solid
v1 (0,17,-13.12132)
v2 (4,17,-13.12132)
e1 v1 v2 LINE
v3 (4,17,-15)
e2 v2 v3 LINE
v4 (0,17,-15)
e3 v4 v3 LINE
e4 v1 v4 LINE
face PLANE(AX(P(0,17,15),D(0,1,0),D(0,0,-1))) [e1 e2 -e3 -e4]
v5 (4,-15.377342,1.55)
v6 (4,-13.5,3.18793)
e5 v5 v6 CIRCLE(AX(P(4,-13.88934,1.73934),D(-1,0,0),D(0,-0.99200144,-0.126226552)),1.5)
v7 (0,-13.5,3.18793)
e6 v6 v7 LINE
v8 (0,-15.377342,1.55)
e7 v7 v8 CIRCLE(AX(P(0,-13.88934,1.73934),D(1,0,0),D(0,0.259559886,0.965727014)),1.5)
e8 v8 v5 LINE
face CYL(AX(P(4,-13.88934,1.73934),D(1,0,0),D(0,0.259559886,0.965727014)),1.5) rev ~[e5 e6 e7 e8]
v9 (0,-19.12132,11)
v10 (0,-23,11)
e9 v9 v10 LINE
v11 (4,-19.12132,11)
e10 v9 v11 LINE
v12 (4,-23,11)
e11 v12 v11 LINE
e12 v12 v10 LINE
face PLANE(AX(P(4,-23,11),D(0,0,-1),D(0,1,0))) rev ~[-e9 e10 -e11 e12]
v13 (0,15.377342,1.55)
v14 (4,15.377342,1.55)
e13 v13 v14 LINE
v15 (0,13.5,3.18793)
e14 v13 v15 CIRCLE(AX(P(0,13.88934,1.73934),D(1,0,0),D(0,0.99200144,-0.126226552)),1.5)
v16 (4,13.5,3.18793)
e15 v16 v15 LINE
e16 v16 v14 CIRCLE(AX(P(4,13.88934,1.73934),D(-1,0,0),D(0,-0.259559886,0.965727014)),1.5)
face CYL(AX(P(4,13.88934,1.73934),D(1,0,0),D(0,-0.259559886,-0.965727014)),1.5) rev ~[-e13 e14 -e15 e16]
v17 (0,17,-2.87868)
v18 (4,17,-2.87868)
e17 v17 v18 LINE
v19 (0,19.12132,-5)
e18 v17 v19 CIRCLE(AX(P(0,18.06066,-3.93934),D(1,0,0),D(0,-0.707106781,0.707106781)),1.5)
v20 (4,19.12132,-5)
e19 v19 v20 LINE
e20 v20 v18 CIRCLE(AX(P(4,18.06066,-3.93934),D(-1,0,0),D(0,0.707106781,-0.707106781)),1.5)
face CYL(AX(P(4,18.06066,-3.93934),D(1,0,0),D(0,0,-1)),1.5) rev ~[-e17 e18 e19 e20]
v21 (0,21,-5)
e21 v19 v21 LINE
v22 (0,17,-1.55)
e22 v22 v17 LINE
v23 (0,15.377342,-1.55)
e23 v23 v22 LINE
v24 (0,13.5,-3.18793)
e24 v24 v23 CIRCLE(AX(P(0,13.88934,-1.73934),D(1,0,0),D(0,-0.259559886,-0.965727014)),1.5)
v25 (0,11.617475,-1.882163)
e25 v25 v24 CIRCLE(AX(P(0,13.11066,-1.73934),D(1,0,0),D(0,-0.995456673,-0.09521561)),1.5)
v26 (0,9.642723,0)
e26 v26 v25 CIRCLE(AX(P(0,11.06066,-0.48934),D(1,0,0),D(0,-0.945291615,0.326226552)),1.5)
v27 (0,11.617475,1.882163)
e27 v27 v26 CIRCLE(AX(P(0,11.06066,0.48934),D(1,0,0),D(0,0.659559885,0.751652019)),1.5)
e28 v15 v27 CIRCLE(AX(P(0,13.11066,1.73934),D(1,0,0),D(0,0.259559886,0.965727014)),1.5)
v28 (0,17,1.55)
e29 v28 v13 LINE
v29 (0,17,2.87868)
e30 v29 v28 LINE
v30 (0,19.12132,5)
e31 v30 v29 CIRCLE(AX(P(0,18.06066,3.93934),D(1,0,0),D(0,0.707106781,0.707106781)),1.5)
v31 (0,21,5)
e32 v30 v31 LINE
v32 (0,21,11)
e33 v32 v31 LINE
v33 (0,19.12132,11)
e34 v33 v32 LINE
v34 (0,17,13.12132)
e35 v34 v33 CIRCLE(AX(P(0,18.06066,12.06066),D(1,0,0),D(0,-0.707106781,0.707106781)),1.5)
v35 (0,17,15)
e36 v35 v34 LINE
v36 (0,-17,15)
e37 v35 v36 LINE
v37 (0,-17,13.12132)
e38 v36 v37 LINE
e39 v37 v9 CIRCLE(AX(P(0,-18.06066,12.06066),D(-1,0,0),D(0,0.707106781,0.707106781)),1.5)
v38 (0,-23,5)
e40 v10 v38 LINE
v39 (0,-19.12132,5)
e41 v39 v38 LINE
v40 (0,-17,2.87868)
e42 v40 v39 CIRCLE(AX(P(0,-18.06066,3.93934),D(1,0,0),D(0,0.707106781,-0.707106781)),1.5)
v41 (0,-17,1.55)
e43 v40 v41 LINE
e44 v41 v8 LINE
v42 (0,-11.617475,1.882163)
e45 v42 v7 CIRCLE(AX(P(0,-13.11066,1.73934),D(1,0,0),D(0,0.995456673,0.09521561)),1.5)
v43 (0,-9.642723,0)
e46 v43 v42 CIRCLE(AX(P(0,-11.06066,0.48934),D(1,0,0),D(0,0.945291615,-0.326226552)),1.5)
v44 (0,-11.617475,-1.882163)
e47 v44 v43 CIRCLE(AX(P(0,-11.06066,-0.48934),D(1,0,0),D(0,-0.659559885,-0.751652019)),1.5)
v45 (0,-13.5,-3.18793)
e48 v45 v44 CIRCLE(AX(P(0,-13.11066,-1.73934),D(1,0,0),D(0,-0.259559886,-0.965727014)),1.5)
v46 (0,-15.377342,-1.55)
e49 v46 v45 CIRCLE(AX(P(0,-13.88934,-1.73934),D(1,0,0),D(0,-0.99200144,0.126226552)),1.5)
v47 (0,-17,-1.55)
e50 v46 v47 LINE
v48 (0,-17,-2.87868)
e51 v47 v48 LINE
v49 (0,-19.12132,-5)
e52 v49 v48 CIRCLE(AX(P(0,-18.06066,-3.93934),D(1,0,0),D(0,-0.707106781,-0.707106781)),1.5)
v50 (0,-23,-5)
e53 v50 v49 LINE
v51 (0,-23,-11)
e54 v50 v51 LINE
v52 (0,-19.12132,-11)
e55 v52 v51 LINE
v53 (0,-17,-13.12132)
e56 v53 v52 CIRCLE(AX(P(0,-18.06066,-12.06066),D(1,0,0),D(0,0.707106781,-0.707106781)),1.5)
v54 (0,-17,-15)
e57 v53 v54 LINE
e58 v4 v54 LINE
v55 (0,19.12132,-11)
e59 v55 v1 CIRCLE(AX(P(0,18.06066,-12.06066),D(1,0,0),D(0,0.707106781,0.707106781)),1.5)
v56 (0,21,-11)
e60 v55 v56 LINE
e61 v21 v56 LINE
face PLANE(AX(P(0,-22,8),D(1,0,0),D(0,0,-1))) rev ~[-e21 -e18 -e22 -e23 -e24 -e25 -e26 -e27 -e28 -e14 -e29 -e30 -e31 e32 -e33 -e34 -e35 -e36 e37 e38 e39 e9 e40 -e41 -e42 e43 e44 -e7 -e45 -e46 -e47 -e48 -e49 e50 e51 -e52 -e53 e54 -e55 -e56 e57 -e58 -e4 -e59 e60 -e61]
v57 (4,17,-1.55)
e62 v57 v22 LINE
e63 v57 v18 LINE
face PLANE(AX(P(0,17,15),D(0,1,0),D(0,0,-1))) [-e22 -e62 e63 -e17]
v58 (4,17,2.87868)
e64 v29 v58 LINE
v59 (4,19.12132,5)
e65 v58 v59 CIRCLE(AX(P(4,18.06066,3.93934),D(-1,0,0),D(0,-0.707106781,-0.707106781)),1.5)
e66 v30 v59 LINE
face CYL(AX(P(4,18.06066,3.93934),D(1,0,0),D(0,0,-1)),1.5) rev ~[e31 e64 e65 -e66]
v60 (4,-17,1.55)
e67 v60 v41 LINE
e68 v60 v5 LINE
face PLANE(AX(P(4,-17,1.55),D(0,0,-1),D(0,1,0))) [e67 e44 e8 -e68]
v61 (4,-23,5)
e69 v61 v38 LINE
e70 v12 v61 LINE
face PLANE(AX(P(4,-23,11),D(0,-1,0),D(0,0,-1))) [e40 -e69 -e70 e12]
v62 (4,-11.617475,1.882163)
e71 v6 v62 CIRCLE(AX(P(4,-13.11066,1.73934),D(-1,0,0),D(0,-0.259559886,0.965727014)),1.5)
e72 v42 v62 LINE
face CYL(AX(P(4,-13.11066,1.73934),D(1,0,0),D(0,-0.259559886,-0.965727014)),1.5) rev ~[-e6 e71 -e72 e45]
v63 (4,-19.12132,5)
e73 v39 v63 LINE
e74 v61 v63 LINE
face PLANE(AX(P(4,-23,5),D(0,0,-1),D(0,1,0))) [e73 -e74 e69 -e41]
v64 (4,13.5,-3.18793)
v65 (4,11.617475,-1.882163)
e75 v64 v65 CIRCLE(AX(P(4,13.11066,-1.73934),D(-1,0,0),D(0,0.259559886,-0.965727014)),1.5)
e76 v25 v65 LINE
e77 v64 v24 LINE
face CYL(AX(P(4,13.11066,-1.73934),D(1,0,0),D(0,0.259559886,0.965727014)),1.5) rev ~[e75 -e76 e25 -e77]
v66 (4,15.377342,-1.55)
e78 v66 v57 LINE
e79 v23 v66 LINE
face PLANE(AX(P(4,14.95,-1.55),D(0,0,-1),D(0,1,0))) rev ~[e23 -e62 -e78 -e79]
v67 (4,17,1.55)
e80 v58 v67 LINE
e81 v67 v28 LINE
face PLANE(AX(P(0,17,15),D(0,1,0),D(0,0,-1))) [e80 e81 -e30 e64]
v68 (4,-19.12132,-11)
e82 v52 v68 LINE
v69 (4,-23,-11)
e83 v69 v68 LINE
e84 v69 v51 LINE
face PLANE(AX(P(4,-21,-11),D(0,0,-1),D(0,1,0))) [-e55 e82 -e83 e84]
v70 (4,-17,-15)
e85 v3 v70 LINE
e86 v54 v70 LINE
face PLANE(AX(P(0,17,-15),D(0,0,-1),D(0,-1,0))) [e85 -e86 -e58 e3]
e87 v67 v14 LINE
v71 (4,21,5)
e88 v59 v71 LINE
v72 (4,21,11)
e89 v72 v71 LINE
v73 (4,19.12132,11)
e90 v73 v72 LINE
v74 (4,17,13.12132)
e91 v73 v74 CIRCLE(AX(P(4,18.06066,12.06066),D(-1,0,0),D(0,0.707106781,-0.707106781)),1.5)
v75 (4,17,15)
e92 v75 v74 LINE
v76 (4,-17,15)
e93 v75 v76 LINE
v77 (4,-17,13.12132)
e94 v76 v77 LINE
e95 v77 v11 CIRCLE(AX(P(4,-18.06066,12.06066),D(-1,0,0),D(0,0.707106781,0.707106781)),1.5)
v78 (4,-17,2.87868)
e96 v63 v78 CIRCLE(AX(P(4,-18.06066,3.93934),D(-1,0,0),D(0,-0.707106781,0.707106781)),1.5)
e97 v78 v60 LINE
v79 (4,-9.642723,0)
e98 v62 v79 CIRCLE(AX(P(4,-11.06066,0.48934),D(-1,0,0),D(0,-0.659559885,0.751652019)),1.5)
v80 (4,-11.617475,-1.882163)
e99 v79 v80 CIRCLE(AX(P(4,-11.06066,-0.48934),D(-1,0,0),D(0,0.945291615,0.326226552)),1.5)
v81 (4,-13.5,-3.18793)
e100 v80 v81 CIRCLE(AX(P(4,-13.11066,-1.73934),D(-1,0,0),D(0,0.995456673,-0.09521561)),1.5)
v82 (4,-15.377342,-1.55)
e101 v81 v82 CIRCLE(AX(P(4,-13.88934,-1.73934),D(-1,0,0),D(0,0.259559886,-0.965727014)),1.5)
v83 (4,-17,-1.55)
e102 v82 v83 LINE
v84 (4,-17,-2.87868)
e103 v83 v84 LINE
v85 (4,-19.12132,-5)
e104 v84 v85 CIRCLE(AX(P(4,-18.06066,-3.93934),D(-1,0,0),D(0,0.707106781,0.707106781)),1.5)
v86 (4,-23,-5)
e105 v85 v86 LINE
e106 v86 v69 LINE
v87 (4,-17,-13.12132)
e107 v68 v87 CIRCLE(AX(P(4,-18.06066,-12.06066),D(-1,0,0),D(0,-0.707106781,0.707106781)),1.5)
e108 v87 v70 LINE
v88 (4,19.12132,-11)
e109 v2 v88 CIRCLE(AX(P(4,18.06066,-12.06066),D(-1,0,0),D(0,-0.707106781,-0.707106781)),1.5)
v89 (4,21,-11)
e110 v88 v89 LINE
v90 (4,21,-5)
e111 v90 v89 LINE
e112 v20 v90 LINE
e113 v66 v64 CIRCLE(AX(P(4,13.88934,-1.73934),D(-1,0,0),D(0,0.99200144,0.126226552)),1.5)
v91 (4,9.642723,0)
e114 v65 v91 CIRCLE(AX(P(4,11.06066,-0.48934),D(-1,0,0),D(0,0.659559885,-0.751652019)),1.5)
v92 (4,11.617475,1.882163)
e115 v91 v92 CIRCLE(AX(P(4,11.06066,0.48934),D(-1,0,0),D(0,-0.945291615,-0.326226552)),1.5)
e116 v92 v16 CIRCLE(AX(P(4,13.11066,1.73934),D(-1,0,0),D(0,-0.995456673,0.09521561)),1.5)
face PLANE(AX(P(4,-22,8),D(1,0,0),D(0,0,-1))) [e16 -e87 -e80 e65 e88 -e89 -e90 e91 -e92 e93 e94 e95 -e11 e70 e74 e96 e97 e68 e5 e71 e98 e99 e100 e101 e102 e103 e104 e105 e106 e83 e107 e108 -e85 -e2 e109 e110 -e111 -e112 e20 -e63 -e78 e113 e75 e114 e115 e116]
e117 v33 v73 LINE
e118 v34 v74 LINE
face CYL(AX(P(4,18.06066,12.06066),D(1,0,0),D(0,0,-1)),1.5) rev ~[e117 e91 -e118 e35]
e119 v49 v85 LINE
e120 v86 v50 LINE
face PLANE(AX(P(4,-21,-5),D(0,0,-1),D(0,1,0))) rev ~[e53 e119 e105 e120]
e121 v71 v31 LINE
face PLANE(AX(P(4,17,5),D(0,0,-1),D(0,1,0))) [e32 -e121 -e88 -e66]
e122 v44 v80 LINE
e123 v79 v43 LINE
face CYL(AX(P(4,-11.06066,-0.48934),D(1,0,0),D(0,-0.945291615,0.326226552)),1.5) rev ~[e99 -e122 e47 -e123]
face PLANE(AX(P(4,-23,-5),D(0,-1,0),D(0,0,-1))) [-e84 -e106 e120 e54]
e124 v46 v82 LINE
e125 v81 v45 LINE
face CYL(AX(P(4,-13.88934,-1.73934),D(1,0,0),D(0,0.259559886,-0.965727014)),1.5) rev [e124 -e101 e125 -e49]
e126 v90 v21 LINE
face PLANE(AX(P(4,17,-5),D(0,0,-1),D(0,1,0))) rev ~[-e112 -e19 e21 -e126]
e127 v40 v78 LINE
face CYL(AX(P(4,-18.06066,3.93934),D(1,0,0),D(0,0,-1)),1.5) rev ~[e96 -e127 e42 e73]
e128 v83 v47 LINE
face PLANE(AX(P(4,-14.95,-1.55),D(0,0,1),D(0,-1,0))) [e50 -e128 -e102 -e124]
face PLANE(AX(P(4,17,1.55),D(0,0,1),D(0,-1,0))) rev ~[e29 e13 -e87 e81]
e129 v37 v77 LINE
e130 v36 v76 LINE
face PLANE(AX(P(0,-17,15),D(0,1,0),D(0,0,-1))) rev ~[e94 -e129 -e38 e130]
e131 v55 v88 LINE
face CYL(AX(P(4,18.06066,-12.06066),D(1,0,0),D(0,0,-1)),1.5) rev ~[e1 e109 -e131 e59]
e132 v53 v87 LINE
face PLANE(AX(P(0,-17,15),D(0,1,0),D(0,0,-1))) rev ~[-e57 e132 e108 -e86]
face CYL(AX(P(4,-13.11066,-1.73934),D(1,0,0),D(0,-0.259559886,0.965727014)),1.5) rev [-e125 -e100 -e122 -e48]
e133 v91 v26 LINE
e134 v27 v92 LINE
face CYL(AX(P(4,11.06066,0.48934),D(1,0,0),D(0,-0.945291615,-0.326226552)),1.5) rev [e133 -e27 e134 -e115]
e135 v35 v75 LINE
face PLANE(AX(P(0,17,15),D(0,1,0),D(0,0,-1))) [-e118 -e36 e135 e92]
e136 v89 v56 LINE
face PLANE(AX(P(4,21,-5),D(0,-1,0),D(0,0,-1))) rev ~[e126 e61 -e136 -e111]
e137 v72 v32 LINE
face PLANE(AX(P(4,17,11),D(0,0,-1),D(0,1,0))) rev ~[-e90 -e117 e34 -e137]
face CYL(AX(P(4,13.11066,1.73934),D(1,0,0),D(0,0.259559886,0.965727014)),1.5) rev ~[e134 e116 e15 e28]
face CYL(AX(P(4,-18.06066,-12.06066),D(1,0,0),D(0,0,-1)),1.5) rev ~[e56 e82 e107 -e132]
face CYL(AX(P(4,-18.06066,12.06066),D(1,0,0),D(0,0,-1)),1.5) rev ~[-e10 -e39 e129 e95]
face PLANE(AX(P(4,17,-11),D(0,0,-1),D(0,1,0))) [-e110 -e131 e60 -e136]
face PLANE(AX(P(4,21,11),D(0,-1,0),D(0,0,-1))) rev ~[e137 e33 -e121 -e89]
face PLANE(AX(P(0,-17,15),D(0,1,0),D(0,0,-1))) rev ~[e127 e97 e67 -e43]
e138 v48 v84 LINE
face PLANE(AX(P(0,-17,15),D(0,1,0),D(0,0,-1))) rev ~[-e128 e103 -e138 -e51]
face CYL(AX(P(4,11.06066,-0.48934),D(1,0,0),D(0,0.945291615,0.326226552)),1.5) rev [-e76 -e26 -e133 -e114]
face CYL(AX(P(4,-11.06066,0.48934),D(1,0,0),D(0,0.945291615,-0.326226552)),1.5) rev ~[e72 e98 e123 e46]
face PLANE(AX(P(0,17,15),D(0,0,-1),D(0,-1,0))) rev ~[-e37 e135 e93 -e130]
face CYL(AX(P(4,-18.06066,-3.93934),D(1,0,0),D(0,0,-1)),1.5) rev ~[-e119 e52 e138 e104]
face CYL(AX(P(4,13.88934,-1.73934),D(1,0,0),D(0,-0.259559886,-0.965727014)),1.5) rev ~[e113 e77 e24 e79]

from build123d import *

# Parameters (mm, degrees)
CROQUIS1_W              = 34
CROQUIS1_H              = 30
SALIENTE_EXTRUIR1_DEPTH = 4
CROQUIS2_W              = 6
CROQUIS2_H              = 4
SALIENTE_EXTRUIR2_DEPTH = 4
CORTAR_EXTRUIR1_DEPTH   = 5
CROQUIS4_W              = 6
CROQUIS4_H              = 2
SALIENTE_EXTRUIR3_DEPTH = 4
CROQUIS5_R              = 1.5
CORTAR_EXTRUIR2_DEPTH   = 5
CORTAR_EXTRUIR4_DEPTH   = 5
CORTAR_EXTRUIR6_DEPTH   = 5


with BuildPart() as part:
    # Croquis1 → Saliente-Extruir1 (new body)
    with BuildSketch(Plane(origin=(0, 0, 0), x_dir=(0, -1, 0), z_dir=(1, 0, 0))):
        Rectangle(CROQUIS1_W, CROQUIS1_H)
    extrude(amount=SALIENTE_EXTRUIR1_DEPTH)

    # Croquis2 → Saliente-Extruir2 (add, through all)
    with BuildSketch(Plane(origin=(4, 0, 0), x_dir=(0, 0, -1), z_dir=(1, 0, 0))):
        with Locations((-8, -19)):
            Rectangle(CROQUIS2_W, CROQUIS2_H)
        with Locations((8, -19)):
            Rectangle(CROQUIS2_W, CROQUIS2_H)
        with Locations((8, 19)):
            Rectangle(CROQUIS2_W, CROQUIS2_H)
        with Locations((-8, 19)):
            Rectangle(CROQUIS2_W, CROQUIS2_H)
    extrude(amount=-SALIENTE_EXTRUIR2_DEPTH)

    # Croquis3 → Cortar-Extruir1 (cut, through all)
    with BuildSketch(Plane(origin=(4, 0, 0), x_dir=(0, 0, -1), z_dir=(1, 0, 0))):
        Polygon((-1.55, 17), (-1.55, 14.95), (-2.8, 14.95), (-2.8, 12.05), (-1.55, 12.05), (-1.55, 10), (1.55, 10), (1.55, 12.05), (2.8, 12.05), (2.8, 14.95), (1.55, 14.95), (1.55, 17), align=None)
        Polygon((1.55, -12.05), (2.8, -12.05), (2.8, -14.95), (1.55, -14.95), (1.55, -17), (-1.55, -17), (-1.55, -14.95), (-2.8, -14.95), (-2.8, -12.05), (-1.55, -12.05), (-1.55, -10), (1.55, -10), align=None)
    extrude(amount=-CORTAR_EXTRUIR1_DEPTH, mode=Mode.SUBTRACT)

    # Croquis4 → Saliente-Extruir3 (add, through all)
    with BuildSketch(Plane(origin=(4, 0, 0), x_dir=(0, 0, -1), z_dir=(1, 0, 0))):
        with Locations((-8, -22)):
            Rectangle(CROQUIS4_W, CROQUIS4_H)
        with Locations((8, -22)):
            Rectangle(CROQUIS4_W, CROQUIS4_H)
    extrude(amount=-SALIENTE_EXTRUIR3_DEPTH)

    # Croquis5 → Cortar-Extruir2 (cut, through all)
    with BuildSketch(Plane(origin=(4, 0, 0), x_dir=(0, 0, -1), z_dir=(1, 0, 0))):
        with Locations((-12.060660172, -18.060660172)):
            Circle(CROQUIS5_R)
        with Locations((-3.939339828, -18.060660172)):
            Circle(CROQUIS5_R)
        with Locations((12.060660172, -18.060660172)):
            Circle(CROQUIS5_R)
        with Locations((3.939339828, -18.060660172)):
            Circle(CROQUIS5_R)
        with Locations((-12.060660172, 18.060660172)):
            Circle(CROQUIS5_R)
        with Locations((-3.939339828, 18.060660172)):
            Circle(CROQUIS5_R)
        with Locations((3.939339828, 18.060660172)):
            Circle(CROQUIS5_R)
        with Locations((12.060660172, 18.060660172)):
            Circle(CROQUIS5_R)
    extrude(amount=-CORTAR_EXTRUIR2_DEPTH, mode=Mode.SUBTRACT)

    # Croquis6 → Cortar-Extruir4 (cut, through all)
    with BuildSketch(Plane(origin=(4, 0, 0), x_dir=(0, 0, -1), z_dir=(1, 0, 0))):
        with BuildLine():
            ThreePointArc((0, -9.64272275), (-1.989339828, -11.060660172), (0, -12.478597594))
            ThreePointArc((0, -12.478597594), (1.989339828, -11.060660172), (0, -9.64272275))
        make_face()
        with BuildLine():
            ThreePointArc((0, 9.64272275), (-1.989339828, 11.060660172), (0, 12.478597594))
            ThreePointArc((0, 12.478597594), (1.989339828, 11.060660172), (0, 9.64272275))
        make_face()
    extrude(amount=-CORTAR_EXTRUIR4_DEPTH, mode=Mode.SUBTRACT)

    # Croquis7 → Cortar-Extruir6 (cut, through all)
    with BuildSketch(Plane(origin=(4, 0, 0), x_dir=(0, 0, -1), z_dir=(1, 0, 0))):
        with BuildLine():
            ThreePointArc((-0.290749307, -13.5), (-1.739339828, -11.610660172), (-3.187930349, -13.5))
            ThreePointArc((-3.187930349, -13.5), (-1.739339828, -15.389339828), (-0.290749307, -13.5))
        make_face()
        with BuildLine():
            ThreePointArc((0.290749307, -13.5), (1.739339828, -11.610660172), (3.187930349, -13.5))
            ThreePointArc((3.187930349, -13.5), (1.739339828, -15.389339828), (0.290749307, -13.5))
        make_face()
        with BuildLine():
            ThreePointArc((0.290749307, 13.5), (1.739339828, 11.610660172), (3.187930349, 13.5))
            ThreePointArc((3.187930349, 13.5), (1.739339828, 15.389339828), (0.290749307, 13.5))
        make_face()
        with BuildLine():
            ThreePointArc((-0.290749307, 13.5), (-1.739339828, 15.389339828), (-3.187930349, 13.5))
            ThreePointArc((-3.187930349, 13.5), (-1.739339828, 11.610660172), (-0.290749307, 13.5))
        make_face()
    extrude(amount=-CORTAR_EXTRUIR6_DEPTH, mode=Mode.SUBTRACT)


solid = part.part
